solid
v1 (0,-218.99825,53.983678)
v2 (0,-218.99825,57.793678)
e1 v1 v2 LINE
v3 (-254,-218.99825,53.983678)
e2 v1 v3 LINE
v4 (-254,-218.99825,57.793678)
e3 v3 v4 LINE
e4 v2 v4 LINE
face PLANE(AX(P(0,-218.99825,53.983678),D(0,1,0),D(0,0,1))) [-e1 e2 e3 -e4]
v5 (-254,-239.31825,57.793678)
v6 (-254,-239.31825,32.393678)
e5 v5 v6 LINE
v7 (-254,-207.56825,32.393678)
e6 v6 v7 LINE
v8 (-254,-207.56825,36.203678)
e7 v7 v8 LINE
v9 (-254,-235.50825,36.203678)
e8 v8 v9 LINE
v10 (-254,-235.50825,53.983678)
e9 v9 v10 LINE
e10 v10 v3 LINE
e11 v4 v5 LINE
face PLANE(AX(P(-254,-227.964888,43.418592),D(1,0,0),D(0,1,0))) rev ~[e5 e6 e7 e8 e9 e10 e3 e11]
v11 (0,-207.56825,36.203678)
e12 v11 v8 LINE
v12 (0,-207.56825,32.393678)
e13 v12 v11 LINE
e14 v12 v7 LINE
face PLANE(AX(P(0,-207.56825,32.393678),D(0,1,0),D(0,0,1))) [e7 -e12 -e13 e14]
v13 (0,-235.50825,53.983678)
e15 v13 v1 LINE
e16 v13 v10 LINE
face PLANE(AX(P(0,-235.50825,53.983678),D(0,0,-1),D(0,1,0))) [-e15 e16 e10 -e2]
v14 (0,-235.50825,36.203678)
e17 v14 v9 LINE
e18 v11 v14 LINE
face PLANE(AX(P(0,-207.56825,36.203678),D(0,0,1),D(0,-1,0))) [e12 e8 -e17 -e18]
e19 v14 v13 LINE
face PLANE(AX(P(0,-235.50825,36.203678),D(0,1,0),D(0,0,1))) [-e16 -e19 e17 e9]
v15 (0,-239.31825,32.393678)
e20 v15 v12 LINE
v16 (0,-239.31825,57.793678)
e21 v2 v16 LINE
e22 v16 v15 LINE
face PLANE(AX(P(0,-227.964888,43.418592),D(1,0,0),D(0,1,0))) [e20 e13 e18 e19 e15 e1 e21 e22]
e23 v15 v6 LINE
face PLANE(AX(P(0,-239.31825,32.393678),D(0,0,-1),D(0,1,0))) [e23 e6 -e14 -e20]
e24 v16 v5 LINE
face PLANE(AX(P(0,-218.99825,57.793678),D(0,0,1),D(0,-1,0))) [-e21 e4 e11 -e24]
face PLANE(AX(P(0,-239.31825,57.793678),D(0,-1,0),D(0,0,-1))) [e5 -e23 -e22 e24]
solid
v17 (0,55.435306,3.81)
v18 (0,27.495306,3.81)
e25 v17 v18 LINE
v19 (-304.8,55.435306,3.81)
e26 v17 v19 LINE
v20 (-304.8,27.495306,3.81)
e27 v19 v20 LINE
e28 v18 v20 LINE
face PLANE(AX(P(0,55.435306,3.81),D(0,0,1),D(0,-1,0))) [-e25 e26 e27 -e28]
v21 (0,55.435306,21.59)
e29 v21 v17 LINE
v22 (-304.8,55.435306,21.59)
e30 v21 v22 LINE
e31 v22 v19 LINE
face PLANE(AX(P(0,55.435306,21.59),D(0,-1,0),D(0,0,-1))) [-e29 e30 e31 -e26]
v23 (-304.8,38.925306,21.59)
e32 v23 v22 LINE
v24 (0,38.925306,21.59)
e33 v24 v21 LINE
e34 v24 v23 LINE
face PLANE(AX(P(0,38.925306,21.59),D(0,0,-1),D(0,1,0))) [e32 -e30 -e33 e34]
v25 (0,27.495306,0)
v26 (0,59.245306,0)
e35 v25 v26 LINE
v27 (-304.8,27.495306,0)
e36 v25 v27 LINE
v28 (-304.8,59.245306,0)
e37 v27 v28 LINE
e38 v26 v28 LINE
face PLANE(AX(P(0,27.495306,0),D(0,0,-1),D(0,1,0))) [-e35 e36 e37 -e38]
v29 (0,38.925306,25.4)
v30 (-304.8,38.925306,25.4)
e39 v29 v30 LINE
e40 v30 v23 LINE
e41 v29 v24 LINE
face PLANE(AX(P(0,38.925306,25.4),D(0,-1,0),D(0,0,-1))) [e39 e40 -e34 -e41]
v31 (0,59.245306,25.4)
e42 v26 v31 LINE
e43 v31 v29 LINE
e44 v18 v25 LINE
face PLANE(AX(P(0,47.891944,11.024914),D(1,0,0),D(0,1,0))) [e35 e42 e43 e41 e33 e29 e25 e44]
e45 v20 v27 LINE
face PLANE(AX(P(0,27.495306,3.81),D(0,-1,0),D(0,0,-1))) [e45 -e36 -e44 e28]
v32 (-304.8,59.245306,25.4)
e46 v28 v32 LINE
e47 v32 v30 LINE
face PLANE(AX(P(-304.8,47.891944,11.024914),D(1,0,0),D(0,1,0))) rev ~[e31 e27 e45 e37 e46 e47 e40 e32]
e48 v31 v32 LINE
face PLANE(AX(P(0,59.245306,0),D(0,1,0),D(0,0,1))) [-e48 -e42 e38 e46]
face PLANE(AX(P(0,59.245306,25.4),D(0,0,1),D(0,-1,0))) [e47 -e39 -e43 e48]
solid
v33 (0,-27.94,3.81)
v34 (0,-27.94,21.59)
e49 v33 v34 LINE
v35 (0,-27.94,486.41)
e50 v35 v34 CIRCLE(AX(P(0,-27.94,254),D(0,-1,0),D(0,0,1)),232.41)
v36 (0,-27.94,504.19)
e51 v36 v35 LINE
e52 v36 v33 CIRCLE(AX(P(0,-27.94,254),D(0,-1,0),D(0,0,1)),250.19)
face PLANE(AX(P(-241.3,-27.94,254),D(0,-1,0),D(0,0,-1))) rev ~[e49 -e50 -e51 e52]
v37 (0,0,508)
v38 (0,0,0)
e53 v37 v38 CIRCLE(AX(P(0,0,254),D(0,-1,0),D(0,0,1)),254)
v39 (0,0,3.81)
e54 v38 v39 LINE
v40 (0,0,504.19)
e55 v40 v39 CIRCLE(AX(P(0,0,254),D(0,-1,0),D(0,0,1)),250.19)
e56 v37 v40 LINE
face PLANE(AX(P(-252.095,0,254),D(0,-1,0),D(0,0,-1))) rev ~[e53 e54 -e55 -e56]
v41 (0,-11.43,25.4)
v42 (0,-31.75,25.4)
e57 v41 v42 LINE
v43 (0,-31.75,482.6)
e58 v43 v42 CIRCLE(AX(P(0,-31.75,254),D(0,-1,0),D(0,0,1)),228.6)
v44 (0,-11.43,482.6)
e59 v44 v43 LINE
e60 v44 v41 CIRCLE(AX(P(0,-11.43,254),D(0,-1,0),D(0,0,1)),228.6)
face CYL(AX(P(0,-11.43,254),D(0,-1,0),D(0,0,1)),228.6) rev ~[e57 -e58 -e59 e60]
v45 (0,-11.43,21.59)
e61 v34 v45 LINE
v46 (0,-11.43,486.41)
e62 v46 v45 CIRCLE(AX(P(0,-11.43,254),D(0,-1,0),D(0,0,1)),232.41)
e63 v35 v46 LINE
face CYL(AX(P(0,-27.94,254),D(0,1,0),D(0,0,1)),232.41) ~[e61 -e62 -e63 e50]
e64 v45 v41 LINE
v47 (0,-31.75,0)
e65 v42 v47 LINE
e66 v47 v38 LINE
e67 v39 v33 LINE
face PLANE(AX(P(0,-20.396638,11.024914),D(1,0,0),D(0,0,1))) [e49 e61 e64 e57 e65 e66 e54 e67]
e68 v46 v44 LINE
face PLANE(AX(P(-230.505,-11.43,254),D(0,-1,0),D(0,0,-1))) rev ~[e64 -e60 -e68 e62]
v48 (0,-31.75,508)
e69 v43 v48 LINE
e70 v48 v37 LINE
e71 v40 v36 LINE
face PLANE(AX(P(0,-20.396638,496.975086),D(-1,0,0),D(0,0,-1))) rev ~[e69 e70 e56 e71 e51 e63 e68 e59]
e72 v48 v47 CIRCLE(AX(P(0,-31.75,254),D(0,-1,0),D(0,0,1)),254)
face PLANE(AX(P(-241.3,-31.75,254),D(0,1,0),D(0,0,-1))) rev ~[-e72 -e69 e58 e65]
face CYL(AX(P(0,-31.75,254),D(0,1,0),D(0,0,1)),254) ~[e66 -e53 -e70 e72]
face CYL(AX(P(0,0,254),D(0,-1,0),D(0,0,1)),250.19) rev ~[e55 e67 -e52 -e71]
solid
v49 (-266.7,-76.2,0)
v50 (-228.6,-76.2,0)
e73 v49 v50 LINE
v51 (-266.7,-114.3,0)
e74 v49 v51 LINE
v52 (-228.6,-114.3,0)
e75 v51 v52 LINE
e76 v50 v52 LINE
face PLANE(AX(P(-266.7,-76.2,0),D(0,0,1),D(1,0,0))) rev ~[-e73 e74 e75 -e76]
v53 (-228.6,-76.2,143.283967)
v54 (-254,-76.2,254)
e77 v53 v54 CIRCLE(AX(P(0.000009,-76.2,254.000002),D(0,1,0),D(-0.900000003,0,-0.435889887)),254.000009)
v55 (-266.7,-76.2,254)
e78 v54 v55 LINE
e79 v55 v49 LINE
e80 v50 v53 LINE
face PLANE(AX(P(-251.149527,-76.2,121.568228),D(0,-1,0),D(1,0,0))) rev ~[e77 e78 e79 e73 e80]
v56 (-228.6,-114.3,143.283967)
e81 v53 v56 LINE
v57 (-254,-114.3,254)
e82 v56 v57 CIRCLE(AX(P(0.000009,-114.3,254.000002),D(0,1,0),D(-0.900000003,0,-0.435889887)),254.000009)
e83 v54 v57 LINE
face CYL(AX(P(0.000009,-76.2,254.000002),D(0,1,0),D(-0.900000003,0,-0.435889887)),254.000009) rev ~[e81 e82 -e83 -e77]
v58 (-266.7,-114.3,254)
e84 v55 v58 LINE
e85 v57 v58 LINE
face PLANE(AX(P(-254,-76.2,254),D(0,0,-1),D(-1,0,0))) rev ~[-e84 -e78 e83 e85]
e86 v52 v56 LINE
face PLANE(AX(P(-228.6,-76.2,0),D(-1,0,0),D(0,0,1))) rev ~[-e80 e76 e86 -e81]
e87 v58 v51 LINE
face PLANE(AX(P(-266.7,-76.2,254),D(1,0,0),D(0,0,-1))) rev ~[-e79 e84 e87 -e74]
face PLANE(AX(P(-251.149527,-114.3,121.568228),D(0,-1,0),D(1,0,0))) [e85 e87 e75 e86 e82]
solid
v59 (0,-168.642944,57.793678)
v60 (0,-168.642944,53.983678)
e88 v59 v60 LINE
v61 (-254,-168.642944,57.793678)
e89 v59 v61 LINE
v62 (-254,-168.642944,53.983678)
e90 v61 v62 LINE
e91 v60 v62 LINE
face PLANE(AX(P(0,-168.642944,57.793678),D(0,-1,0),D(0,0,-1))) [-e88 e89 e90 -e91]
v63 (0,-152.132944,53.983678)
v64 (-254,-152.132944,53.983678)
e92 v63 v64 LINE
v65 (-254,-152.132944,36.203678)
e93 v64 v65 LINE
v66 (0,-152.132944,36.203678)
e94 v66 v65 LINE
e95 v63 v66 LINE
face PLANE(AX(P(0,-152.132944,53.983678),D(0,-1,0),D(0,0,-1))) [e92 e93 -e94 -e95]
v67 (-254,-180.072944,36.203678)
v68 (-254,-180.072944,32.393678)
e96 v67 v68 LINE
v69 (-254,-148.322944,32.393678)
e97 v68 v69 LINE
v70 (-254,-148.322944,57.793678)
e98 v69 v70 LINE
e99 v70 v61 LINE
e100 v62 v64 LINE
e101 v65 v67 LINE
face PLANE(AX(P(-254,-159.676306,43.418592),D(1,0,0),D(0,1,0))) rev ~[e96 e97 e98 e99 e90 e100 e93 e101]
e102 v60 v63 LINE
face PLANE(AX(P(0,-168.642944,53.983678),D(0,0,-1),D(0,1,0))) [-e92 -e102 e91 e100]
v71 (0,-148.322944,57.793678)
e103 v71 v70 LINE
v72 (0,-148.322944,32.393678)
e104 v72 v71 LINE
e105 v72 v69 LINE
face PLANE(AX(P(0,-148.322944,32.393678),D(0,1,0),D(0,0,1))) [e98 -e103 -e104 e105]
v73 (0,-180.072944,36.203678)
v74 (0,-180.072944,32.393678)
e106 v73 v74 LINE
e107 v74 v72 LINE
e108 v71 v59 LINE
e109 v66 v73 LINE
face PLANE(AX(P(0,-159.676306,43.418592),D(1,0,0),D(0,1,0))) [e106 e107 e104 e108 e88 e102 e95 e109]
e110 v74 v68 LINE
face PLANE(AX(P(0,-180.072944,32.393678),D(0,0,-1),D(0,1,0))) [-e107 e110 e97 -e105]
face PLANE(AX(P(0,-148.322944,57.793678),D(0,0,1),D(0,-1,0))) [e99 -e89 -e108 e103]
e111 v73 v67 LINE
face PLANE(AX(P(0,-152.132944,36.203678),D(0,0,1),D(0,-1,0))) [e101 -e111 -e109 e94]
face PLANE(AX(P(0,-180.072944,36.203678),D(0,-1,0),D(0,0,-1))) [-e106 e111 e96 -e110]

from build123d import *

# Parameters (mm, degrees)
F4_DEPTH = 254
F7_DEPTH = 38.1
F8_DEPTH = 304.8


with BuildPart() as f2:
    # F2: sweep along a path in F1
    with BuildLine(Plane.XZ) as f2_path:
        ThreePointArc((0, 508), (-254, 254), (0, 0))
    # F0 (on Right) → F2 (sweep)
    with BuildSketch(Plane.YZ):
        Polygon((-27.94, 3.81), (-27.94, 21.59), (-11.43, 21.59), (-11.43, 25.4), (-31.75, 25.4), (-31.75, 0), (0, 0), (0, 3.81), align=None)
    sweep(path=f2_path.line)


with BuildPart() as f4:
    # F3 (on Right) → F4 (new body)
    with BuildSketch(Plane.YZ):
        Polygon((-235.50825, 36.203678), (-235.50825, 53.983678), (-218.99825, 53.983678), (-218.99825, 57.793678), (-239.31825, 57.793678), (-239.31825, 32.393678), (-207.56825, 32.393678), (-207.56825, 36.203678), align=None)
        Polygon((-168.642944, 53.983678), (-152.132944, 53.983678), (-152.132944, 36.203678), (-180.072944, 36.203678), (-180.072944, 32.393678), (-148.322944, 32.393678), (-148.322944, 57.793678), (-152.132944, 57.793678), (-168.642944, 57.793678), align=None)
    extrude(amount=-F4_DEPTH)


with BuildPart() as f7:
    # F6 (on offset) → F7 (new body)
    with BuildSketch(Plane.XZ.offset(76.2)):
        with BuildLine():
            Line((-266.7, 254), (-266.7, 0))
            Line((-266.7, 0), (-228.6, 0))
            Line((-228.6, 0), (-228.6, 143.283967))
            ThreePointArc((-228.6, 143.283967), (-247.568576, 197.203873), (-254, 254))
            Line((-254, 254), (-266.7, 254))
        make_face()
    extrude(amount=F7_DEPTH)


with BuildPart() as f8:
    # F0 (on Right) → F8 (new body)
    with BuildSketch(Plane.YZ):
        Polygon((38.925306, 21.59), (55.435306, 21.59), (55.435306, 3.81), (27.495306, 3.81), (27.495306, 0), (59.245306, 0), (59.245306, 25.4), (55.435306, 25.4), (38.925306, 25.4), align=None)
    extrude(amount=-F8_DEPTH)


solid = Compound([f2.part, f4.part, f7.part, f8.part])
